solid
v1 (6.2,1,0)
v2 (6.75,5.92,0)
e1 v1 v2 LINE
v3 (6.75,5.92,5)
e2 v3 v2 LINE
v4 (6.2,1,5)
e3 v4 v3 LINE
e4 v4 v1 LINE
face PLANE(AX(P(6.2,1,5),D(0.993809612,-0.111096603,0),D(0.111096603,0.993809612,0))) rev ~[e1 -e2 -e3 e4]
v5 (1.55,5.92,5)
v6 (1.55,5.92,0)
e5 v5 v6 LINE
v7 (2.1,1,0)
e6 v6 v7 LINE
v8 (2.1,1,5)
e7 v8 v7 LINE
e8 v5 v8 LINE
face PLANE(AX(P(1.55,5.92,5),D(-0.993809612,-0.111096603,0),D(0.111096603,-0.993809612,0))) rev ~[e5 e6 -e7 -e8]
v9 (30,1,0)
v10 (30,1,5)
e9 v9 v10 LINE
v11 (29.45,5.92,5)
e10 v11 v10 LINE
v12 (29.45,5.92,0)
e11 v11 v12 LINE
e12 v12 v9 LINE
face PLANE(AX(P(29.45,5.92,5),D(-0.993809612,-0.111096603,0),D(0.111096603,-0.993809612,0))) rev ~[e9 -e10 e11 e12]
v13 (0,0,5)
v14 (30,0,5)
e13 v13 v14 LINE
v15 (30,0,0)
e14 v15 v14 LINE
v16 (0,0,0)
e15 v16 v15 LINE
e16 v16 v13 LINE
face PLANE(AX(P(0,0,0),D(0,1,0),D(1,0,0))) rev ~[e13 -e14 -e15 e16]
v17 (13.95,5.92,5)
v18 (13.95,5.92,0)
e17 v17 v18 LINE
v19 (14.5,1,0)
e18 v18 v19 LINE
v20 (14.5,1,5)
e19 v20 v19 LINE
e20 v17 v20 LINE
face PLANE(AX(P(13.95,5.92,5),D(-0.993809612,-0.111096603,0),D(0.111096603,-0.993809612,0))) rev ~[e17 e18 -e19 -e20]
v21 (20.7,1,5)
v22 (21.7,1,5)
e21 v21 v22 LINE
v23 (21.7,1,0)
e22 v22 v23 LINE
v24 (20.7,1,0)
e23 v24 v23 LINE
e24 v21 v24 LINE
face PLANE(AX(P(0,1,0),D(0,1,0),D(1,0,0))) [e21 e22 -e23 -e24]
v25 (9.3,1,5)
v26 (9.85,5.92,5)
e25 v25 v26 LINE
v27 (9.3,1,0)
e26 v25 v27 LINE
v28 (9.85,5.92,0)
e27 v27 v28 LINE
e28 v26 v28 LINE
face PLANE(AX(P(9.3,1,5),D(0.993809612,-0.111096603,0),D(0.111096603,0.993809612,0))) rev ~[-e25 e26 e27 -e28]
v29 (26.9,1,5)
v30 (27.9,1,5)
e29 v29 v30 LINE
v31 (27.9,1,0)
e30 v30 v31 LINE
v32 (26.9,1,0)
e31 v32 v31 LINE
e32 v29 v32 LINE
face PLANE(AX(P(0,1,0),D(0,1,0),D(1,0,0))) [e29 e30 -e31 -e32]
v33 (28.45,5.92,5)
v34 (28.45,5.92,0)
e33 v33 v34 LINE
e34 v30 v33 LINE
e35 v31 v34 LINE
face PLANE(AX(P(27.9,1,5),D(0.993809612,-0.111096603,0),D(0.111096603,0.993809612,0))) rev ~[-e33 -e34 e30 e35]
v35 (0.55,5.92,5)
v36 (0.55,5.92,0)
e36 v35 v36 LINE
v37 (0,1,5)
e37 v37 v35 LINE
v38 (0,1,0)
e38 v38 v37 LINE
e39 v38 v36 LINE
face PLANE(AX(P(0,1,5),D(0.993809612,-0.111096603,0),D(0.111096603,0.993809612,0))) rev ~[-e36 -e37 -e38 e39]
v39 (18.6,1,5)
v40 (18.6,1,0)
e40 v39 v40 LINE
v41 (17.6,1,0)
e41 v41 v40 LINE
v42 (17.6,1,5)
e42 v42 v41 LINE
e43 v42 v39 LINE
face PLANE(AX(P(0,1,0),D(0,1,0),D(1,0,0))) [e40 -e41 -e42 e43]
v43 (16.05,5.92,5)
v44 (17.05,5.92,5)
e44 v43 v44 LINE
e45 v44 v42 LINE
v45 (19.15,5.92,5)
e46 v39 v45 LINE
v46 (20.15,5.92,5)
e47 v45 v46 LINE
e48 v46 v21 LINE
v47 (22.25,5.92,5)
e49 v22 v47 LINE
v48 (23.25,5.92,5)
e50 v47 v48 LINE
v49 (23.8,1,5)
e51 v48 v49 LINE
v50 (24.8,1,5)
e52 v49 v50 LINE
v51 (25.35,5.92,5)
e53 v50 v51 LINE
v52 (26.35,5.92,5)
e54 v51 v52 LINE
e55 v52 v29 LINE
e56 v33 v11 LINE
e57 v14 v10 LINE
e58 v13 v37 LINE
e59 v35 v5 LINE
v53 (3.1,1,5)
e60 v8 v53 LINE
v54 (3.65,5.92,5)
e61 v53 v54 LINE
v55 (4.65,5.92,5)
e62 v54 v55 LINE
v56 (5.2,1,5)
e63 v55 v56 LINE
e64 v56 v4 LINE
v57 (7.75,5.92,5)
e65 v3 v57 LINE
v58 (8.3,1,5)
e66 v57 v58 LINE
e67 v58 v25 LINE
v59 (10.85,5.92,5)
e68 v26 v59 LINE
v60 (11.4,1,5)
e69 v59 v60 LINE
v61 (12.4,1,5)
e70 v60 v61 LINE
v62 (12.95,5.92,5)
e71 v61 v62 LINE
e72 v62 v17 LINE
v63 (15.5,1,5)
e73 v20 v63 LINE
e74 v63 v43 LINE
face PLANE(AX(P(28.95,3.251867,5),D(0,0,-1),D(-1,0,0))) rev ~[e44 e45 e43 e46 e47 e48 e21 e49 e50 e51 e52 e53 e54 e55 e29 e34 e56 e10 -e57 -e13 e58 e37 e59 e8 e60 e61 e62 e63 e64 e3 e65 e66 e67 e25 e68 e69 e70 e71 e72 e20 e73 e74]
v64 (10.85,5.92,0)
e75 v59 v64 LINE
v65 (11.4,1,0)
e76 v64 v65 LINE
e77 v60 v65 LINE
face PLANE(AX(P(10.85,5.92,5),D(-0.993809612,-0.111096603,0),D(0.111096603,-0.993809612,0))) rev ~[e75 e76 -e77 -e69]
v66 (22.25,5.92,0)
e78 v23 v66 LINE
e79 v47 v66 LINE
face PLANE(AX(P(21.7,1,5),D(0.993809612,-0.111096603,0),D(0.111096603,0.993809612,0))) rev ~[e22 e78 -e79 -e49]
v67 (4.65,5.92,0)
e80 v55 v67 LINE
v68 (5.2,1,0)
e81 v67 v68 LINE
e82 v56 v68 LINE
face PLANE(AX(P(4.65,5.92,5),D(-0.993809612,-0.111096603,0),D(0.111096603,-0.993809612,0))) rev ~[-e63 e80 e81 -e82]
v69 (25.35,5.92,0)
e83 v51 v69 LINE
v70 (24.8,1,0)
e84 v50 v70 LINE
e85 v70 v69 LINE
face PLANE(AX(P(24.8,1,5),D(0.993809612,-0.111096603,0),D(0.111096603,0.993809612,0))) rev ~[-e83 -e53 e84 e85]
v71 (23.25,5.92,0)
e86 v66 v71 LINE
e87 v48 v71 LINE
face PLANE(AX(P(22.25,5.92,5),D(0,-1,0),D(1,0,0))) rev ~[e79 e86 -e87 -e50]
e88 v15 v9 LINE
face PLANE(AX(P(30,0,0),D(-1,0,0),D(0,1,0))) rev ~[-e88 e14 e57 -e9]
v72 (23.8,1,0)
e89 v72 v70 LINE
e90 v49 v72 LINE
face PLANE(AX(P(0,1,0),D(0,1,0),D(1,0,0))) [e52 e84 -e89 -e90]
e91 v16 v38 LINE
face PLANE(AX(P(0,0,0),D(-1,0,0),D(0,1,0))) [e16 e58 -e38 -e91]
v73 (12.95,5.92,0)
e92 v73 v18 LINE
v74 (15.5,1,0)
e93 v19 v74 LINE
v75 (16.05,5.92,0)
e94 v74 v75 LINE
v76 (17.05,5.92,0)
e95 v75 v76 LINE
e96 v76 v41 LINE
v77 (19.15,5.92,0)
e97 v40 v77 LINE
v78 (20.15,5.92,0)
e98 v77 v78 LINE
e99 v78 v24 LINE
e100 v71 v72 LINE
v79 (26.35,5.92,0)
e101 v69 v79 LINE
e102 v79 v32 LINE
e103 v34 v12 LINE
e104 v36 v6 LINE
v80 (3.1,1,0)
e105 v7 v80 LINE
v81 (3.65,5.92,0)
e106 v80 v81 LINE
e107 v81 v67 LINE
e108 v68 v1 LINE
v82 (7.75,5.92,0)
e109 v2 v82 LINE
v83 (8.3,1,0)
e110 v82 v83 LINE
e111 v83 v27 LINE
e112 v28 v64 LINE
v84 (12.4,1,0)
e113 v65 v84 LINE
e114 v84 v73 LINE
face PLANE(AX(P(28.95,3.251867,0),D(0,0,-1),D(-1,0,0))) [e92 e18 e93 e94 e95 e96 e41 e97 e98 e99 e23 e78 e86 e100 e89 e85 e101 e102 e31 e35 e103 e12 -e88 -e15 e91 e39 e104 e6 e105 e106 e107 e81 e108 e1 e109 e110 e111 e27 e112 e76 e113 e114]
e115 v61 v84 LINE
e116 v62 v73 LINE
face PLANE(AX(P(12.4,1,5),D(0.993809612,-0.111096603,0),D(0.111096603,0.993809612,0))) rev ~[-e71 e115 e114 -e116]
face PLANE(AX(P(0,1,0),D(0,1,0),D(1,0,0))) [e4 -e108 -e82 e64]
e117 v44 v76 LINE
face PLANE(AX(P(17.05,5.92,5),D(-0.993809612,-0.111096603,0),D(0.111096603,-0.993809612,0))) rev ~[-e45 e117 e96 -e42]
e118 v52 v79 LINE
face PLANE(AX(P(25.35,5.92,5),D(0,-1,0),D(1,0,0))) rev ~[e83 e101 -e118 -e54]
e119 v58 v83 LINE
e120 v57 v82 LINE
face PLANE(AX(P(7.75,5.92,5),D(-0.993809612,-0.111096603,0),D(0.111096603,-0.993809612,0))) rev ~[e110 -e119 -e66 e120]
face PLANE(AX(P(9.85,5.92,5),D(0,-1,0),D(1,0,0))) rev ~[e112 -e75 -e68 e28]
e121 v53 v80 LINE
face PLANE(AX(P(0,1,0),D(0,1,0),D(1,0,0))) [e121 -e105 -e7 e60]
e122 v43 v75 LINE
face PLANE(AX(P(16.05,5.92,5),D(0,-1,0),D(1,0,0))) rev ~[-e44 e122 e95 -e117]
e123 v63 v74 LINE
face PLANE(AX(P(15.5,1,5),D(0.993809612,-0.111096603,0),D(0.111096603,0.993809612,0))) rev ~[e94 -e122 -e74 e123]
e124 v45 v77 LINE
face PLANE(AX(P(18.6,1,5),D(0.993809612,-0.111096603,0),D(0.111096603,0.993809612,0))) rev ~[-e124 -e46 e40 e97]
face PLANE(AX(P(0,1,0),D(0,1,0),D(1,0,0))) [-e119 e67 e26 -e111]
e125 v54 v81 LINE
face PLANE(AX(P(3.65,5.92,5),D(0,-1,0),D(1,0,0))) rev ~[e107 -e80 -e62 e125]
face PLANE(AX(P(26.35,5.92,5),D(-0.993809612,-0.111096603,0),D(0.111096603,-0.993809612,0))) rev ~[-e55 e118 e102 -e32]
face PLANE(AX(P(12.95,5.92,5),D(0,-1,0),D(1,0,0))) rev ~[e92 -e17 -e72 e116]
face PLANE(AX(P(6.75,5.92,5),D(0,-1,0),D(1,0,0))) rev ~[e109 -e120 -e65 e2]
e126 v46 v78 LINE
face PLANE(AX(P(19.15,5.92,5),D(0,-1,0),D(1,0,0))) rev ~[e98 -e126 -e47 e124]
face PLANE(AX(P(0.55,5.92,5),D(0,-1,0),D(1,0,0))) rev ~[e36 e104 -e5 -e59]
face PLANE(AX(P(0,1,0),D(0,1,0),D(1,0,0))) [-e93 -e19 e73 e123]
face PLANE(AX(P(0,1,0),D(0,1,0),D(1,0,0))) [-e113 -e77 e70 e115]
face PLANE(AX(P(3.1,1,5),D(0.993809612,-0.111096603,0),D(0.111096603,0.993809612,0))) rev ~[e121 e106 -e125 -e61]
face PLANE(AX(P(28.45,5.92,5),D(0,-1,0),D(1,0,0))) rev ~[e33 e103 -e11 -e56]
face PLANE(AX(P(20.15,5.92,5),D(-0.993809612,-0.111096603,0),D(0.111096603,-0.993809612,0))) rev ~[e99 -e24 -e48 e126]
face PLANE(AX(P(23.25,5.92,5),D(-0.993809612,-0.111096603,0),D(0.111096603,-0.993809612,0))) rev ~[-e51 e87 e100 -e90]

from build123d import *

# Parameters (mm, degrees)
SKETCH3_W           = 30
SKETCH3_H           = 1
BOSS_EXTRUDE1_DEPTH = 5
BOSS_EXTRUDE2_DEPTH = 5
LPATTERN1_COUNT     = 10
LPATTERN1_PITCH     = 3.1


with BuildPart() as part:
    # Sketch3 → Boss-Extrude1 (new body)
    with BuildSketch(Plane.XY):
        with Locations((15, 0.5)):
            Rectangle(SKETCH3_W, SKETCH3_H)
    extrude(amount=BOSS_EXTRUDE1_DEPTH)

    # Sketch5 → Boss-Extrude2 (add)
    with BuildSketch(Plane.XY.offset(5)):
        Polygon((0, 1), (0.55, 5.92), (1.55, 5.92), (2.1, 1), align=None)
    boss_extrude2 = extrude(amount=-BOSS_EXTRUDE2_DEPTH)

    # LPattern1: Boss-Extrude2 ×10
    with Locations(*[(i * LPATTERN1_PITCH, 0, 0) for i in range(1, LPATTERN1_COUNT)]):
        add(boss_extrude2)


solid = part.part
